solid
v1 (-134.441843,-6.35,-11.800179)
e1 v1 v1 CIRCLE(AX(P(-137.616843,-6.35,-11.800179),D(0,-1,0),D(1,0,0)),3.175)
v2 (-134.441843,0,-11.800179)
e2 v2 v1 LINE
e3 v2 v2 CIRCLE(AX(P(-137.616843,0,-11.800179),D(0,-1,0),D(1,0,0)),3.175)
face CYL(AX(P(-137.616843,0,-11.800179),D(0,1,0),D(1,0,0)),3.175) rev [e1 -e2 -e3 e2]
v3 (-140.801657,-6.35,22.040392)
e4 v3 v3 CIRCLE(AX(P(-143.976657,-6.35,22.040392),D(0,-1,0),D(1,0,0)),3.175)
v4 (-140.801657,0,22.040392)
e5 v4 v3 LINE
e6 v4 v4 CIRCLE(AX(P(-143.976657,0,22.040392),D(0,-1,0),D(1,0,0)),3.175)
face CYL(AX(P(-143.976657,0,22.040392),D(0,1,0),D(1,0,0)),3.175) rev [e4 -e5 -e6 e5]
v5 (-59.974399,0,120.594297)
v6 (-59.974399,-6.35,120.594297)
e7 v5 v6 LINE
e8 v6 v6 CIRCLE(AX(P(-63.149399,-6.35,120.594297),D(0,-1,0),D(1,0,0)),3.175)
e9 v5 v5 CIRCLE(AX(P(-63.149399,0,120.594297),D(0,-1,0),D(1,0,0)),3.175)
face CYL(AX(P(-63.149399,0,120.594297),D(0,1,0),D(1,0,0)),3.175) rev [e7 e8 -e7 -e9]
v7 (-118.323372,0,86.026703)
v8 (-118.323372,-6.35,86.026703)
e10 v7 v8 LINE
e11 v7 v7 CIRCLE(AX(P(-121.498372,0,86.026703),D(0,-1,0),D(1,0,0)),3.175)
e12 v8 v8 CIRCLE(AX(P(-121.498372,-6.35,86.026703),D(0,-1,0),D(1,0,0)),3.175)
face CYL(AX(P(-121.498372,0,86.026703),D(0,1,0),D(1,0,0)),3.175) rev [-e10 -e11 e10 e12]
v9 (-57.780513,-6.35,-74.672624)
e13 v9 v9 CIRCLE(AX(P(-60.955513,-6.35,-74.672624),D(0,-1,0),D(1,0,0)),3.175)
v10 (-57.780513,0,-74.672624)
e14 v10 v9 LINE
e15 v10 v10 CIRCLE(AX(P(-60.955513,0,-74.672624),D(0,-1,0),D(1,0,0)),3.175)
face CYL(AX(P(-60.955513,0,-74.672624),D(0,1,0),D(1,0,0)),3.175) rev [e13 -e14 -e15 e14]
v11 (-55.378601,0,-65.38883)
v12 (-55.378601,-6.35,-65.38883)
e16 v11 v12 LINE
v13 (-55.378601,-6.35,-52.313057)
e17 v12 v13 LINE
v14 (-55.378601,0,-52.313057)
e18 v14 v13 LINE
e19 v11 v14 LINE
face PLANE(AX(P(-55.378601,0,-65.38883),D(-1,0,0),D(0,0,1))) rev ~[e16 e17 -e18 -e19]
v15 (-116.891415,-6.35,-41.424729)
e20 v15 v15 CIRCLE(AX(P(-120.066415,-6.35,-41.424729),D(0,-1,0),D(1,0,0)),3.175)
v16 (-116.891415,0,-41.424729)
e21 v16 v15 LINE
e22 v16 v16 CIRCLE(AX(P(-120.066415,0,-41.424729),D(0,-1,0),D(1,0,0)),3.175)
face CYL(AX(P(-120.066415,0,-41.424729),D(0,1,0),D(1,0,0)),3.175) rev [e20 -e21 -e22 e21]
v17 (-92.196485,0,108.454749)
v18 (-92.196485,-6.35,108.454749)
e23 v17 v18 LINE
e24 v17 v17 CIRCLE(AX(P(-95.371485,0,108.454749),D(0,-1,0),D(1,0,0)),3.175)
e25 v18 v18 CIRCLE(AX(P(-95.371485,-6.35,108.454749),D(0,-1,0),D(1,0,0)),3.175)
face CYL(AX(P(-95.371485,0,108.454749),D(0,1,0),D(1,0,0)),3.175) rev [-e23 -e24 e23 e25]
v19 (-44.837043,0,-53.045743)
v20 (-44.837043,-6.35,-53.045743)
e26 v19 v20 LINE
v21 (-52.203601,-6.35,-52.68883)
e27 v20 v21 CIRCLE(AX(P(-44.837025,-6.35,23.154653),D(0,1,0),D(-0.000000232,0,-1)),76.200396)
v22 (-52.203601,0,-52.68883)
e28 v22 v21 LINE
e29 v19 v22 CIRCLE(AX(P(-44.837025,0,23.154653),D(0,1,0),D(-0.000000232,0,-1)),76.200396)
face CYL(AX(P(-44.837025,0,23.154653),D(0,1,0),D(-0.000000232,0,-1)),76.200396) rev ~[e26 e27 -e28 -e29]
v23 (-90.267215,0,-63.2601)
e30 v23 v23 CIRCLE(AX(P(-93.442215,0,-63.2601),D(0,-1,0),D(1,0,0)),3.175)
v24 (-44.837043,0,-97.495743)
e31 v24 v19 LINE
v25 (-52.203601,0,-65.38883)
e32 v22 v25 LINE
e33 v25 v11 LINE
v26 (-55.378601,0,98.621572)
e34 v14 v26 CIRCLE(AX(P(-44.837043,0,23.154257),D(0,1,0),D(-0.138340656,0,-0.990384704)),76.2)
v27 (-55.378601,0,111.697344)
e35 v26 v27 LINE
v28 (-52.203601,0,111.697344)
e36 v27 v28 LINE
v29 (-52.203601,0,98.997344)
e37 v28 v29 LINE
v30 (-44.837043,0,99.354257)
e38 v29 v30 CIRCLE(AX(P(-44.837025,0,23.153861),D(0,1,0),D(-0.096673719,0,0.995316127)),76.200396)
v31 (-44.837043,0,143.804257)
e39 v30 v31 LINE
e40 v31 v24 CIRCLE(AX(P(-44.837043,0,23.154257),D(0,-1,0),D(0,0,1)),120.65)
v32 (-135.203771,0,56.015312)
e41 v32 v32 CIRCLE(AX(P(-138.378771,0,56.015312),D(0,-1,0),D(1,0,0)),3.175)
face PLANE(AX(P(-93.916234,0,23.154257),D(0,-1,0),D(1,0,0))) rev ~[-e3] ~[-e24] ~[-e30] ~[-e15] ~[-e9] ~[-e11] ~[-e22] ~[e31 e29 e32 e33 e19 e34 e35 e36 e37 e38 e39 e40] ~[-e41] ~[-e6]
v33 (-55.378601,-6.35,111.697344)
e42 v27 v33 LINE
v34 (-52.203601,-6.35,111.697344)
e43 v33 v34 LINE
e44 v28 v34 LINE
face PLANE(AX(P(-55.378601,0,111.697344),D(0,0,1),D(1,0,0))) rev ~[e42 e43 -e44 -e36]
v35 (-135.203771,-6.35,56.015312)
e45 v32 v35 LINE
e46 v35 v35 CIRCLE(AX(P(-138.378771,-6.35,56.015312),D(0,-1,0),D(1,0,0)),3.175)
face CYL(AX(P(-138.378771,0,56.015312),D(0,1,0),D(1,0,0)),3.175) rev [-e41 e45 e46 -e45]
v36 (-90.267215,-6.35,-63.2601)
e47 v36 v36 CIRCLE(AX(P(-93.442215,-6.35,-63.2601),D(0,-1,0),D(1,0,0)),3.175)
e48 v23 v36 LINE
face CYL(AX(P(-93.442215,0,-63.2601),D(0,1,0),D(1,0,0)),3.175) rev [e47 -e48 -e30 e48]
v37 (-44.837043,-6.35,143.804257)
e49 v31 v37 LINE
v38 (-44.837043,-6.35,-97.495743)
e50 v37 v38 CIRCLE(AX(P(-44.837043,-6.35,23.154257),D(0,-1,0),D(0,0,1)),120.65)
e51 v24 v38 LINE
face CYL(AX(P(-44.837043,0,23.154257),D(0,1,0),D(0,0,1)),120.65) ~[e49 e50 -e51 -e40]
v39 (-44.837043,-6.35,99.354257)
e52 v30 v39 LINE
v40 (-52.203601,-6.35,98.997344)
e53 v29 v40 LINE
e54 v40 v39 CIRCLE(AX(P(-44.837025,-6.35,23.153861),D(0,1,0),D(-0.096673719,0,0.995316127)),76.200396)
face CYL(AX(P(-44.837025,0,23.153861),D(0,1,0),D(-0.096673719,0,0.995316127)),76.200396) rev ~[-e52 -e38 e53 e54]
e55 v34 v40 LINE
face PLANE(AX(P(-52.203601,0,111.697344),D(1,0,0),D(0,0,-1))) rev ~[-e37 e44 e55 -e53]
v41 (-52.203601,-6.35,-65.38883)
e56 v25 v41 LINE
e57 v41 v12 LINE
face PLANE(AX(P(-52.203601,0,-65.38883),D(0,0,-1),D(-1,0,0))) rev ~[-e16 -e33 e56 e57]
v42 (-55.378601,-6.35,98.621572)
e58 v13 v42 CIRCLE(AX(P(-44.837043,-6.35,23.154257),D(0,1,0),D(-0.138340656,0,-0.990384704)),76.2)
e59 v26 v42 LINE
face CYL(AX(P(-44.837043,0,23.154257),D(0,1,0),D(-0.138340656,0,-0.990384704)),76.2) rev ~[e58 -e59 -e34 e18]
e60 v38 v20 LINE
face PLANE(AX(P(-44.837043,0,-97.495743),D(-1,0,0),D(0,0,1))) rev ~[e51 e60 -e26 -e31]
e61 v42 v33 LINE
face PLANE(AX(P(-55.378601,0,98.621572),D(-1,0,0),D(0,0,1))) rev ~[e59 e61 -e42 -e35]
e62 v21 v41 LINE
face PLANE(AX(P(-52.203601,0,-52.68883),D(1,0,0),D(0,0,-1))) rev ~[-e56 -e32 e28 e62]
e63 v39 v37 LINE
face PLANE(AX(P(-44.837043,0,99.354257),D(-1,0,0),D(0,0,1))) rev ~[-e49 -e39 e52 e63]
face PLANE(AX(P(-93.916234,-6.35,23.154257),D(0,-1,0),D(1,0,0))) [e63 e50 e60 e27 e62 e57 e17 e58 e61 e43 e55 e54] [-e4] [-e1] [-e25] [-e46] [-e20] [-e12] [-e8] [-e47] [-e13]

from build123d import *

# Parameters (mm, degrees)
F0_R     = 3.175
F1_DEPTH = 6.35


with BuildPart() as f1:
    # F0 (on Front) → F1 (new body)
    with BuildSketch(Plane.XZ):
        with BuildLine():
            Line((-44.837043, 99.354257), (-44.837043, 143.804257))
            ThreePointArc((-44.837043, 143.804257), (-165.487043, 23.154257), (-44.837043, -97.495743))
            Line((-44.837043, -97.495743), (-44.837043, -53.045743))
            ThreePointArc((-44.837043, -53.045743), (-48.524643, -52.956462), (-52.203601, -52.68883))
            Line((-52.203601, -52.68883), (-52.203601, -65.38883))
            Line((-52.203601, -65.38883), (-55.378601, -65.38883))
            Line((-55.378601, -65.38883), (-55.378601, -52.313057))
            ThreePointArc((-55.378601, -52.313057), (-121.037043, 23.154257), (-55.378601, 98.621572))
            Line((-55.378601, 98.621572), (-55.378601, 111.697344))
            Line((-55.378601, 111.697344), (-52.203601, 111.697344))
            Line((-52.203601, 111.697344), (-52.203601, 98.997344))
            ThreePointArc((-52.203601, 98.997344), (-48.524643, 99.264976), (-44.837043, 99.354257))
        make_face()
        with Locations((-120.066415, -41.424729)):
            Circle(F0_R, mode=Mode.SUBTRACT)
        with Locations((-137.616843, -11.800179)):
            Circle(F0_R, mode=Mode.SUBTRACT)
        with Locations((-143.976657, 22.040392)):
            Circle(F0_R, mode=Mode.SUBTRACT)
        with Locations((-93.442215, -63.2601)):
            Circle(F0_R, mode=Mode.SUBTRACT)
        with Locations((-60.955513, -74.672624)):
            Circle(F0_R, mode=Mode.SUBTRACT)
        with Locations((-138.378771, 56.015312)):
            Circle(F0_R, mode=Mode.SUBTRACT)
        with Locations((-121.498372, 86.026703)):
            Circle(F0_R, mode=Mode.SUBTRACT)
        with Locations((-95.371485, 108.454749)):
            Circle(F0_R, mode=Mode.SUBTRACT)
        with Locations((-63.149399, 120.594297)):
            Circle(F0_R, mode=Mode.SUBTRACT)
    extrude(amount=F1_DEPTH)


solid = f1.part
